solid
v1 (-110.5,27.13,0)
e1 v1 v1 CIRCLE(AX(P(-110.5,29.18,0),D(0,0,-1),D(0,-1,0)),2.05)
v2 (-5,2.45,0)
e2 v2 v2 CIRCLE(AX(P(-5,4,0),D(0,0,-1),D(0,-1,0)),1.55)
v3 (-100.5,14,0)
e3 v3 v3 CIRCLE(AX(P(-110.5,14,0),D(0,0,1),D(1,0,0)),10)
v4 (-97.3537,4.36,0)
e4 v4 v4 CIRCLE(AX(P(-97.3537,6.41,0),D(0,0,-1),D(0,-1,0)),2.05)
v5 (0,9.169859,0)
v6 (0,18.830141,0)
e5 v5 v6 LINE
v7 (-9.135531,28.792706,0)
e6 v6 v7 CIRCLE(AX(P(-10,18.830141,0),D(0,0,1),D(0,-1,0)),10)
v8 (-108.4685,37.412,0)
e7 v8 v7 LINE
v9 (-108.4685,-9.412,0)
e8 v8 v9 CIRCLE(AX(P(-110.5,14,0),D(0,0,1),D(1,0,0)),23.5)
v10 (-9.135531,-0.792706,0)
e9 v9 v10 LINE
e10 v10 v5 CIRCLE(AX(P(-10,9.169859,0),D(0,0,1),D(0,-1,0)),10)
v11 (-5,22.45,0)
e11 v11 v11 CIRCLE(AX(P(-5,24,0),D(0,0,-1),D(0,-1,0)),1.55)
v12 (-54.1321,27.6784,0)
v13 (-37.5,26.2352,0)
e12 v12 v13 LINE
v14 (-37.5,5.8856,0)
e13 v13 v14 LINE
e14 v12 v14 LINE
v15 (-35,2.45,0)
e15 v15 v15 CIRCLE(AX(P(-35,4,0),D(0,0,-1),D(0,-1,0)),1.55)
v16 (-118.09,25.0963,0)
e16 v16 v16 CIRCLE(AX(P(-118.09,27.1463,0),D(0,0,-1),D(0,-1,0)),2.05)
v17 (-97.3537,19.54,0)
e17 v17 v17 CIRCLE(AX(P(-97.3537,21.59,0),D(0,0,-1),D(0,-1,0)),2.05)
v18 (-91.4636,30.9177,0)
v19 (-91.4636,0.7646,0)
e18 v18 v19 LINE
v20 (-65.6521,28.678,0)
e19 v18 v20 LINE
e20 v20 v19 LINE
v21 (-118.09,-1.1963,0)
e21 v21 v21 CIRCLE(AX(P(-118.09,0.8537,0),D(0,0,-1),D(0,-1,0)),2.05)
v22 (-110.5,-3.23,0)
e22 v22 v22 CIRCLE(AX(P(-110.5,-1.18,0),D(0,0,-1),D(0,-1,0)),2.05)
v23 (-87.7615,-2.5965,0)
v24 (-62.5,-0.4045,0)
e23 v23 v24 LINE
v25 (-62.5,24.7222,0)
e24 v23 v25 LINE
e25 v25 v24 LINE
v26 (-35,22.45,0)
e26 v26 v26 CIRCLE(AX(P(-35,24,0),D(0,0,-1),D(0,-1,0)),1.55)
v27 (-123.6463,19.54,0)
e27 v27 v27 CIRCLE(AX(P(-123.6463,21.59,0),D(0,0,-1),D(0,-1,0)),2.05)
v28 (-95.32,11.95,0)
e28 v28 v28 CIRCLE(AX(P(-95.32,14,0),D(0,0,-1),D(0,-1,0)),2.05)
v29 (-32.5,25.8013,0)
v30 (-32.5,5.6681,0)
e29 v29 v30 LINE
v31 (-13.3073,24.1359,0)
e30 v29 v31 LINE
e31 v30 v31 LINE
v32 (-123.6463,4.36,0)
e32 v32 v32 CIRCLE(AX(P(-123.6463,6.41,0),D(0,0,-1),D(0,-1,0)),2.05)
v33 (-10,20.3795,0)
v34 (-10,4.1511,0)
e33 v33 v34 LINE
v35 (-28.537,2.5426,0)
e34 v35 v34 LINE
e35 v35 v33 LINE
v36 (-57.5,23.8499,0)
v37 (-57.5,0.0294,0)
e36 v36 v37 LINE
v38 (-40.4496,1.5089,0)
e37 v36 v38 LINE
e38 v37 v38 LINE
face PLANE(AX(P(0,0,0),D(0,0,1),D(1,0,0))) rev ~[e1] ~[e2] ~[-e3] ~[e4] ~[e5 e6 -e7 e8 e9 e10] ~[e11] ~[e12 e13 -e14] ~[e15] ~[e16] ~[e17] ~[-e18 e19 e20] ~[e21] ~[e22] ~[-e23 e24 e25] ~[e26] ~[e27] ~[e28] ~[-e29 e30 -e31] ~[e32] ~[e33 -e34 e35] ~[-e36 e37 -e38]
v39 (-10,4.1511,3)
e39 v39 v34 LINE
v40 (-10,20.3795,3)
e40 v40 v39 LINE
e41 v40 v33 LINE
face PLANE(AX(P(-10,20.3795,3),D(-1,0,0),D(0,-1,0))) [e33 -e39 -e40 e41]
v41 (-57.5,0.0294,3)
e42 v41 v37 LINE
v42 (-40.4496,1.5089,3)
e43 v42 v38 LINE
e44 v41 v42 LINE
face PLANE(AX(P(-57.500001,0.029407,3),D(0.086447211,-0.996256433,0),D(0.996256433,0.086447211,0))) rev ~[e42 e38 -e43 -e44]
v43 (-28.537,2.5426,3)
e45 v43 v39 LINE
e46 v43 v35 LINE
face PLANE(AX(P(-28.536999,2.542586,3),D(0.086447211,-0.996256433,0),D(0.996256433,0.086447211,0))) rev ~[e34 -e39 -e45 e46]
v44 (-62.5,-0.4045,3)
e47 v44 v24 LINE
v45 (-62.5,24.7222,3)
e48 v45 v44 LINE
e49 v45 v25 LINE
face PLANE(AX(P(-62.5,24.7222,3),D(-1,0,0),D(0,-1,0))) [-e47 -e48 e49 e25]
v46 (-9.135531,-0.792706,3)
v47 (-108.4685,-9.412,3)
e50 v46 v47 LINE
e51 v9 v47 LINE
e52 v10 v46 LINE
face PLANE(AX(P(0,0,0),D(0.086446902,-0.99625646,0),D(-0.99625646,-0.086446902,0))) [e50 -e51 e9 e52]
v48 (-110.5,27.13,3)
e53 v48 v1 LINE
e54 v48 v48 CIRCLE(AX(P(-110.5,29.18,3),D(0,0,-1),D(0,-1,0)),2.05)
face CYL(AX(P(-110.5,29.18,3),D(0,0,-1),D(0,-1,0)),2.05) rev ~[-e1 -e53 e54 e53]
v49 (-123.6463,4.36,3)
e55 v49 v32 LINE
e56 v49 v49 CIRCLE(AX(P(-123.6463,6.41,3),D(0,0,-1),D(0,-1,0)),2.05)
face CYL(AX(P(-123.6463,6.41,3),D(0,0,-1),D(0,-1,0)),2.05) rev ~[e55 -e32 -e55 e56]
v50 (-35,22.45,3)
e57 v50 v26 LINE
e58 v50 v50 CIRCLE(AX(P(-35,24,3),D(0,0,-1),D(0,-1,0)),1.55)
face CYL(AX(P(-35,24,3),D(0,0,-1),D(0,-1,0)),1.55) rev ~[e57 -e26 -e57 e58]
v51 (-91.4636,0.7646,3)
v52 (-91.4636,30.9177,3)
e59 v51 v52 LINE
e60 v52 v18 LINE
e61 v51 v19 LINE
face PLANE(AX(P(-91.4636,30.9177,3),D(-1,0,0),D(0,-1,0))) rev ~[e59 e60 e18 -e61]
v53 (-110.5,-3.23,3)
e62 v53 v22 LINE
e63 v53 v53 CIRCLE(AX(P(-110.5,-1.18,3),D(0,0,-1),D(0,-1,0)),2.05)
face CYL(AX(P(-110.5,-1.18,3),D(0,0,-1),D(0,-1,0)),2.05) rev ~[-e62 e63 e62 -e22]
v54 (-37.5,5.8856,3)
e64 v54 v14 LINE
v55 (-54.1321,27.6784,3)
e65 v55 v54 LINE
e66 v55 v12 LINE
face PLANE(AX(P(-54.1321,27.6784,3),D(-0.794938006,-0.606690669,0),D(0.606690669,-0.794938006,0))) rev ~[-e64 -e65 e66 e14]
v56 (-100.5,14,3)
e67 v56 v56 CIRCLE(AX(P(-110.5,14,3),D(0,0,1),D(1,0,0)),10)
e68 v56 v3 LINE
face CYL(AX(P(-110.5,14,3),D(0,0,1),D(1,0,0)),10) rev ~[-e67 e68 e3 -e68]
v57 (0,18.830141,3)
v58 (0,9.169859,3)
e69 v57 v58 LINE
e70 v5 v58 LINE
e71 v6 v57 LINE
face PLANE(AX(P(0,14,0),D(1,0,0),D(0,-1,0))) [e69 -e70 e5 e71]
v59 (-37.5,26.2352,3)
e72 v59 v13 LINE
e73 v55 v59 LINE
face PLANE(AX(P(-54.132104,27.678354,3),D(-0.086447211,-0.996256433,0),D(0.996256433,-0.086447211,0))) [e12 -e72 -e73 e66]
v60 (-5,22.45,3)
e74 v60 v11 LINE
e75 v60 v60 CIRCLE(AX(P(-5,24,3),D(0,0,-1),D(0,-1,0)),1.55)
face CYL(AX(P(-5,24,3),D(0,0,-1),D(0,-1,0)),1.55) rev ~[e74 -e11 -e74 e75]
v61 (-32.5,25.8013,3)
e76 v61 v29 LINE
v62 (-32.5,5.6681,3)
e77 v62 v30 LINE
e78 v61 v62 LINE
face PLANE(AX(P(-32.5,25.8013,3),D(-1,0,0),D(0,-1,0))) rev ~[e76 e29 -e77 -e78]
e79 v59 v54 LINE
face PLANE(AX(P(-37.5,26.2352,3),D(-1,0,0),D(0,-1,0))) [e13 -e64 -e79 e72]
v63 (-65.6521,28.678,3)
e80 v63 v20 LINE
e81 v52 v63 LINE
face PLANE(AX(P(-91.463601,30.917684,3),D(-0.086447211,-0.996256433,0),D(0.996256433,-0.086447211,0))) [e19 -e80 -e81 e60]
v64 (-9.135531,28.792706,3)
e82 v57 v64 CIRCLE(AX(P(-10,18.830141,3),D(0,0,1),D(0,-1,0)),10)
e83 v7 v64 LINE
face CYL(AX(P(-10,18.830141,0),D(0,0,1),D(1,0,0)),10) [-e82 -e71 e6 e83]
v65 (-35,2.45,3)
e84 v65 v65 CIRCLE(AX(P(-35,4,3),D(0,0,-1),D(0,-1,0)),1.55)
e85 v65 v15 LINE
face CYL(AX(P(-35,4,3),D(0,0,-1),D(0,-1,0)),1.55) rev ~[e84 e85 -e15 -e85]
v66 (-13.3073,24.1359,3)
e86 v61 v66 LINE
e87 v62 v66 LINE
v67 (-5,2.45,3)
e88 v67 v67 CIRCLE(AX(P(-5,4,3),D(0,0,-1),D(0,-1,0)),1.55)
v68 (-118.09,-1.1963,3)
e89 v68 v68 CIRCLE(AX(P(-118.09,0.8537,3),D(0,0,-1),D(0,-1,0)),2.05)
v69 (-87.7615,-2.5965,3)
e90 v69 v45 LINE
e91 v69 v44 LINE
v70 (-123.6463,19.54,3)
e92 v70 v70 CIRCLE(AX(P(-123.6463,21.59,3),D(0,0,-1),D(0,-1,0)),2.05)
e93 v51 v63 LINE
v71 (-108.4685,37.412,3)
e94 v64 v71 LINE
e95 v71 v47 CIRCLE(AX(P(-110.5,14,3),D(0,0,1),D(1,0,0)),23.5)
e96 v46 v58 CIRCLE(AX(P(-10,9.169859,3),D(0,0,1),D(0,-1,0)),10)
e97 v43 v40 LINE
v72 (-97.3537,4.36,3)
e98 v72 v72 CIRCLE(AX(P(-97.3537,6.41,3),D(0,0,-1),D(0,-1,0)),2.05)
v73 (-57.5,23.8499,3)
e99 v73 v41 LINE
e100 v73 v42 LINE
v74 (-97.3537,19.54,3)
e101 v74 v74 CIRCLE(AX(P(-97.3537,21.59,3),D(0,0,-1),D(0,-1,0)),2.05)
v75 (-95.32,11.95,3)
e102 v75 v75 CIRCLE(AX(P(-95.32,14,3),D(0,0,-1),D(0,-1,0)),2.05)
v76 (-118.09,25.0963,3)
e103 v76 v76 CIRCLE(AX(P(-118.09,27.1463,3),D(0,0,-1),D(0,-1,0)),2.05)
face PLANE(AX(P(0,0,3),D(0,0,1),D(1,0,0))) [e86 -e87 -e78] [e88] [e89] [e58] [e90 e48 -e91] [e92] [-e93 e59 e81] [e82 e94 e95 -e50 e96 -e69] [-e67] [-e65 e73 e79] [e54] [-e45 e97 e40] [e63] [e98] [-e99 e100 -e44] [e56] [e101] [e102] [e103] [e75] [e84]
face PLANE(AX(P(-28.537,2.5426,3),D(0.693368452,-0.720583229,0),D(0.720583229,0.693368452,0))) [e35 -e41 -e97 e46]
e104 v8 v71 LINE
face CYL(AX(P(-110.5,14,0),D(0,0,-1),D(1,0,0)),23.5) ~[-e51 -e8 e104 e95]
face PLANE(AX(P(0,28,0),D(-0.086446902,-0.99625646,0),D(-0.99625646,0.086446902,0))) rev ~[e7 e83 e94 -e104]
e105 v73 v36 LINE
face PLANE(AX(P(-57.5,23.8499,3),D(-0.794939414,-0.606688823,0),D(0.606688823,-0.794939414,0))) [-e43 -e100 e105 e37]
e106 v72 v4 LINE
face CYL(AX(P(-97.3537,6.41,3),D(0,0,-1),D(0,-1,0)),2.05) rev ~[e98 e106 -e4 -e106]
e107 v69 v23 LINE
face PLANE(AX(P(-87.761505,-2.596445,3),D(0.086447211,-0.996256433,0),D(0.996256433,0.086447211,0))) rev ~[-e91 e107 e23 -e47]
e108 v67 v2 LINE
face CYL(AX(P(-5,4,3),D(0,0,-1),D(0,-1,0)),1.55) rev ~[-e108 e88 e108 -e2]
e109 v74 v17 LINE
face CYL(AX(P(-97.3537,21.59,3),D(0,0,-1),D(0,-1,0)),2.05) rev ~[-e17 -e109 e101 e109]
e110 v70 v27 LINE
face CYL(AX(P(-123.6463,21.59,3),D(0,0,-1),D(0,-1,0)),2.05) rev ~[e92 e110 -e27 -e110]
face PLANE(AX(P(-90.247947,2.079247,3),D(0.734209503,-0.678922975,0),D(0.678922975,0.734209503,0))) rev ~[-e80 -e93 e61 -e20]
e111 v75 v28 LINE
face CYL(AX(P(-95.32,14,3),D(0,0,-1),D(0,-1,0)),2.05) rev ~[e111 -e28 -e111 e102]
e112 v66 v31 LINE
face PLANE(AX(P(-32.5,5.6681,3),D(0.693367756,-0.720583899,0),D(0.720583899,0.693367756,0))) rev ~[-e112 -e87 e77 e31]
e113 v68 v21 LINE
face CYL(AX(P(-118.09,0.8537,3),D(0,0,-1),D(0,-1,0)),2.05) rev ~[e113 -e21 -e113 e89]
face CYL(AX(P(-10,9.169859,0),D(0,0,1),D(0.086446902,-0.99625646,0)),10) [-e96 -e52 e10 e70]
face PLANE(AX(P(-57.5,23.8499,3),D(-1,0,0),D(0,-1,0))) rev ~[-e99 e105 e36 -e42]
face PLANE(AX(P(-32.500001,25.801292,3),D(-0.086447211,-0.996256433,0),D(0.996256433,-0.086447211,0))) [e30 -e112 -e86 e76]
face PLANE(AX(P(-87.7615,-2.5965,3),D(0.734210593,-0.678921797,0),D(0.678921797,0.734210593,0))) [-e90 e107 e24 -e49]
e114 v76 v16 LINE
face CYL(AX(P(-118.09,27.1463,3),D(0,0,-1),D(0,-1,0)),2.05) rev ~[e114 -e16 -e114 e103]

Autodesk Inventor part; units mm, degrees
ref_plane "YZ Plane" through (0, 0, 0) normal (1, 0, 0) x (0, 1, 0)
ref_plane "XZ Plane" through (0, 0, 0) normal (0, 1, 0) x (-1, 0, 0)
ref_plane "XY Plane" through (0, 0, 0) normal (0, 0, 1) x (1, 0, 0)
sketch "スケッチ1" plane through (0, 0, 0) normal (0, 0, 1) x (1, 0, 0)
  line L0 (0, 0) -> (-57.5, 0)
  line L1 (-57.5, 0) -> (-57.5, 28)
  line L2 (-57.5, 28) -> (0, 28)
  line L3 (0, 28) -> (0, 0)
  line L4 (0, 14) -> (-110.5, 14)
  circle A0 centre (-110.5, 14) radius 53
  circle A1 centre (-110.5, 14) radius 23.5
  line L5 (0, 28) -> (-108.4685, 37.412)
  line L6 (0, 0) -> (-108.4685, -9.412)
  point P0 (-108.4685, -9.412)
  dimension "d3" = 47
  dimension "d0" = 28
  dimension "d1" = 57.5
  dimension "d2" = 106
extrude "押し出し1" add sketch "スケッチ1" along normal blind 3 contours L6 A0 L1 L0 | L0 L1 L4 L3 | L4 L1 L2 L3 | L6 A1 L4 A0 | A0 L5 L2 L1 | L4 A1 L5 A0 | A1
sketch "スケッチ2" plane through (0, 0, 3) normal (0, 0, 1) x (1, 0, 0)
  line L0 (0, 28) -> (-108.4685, 37.412) projected
  line L1 (0, 28) -> (-47.5, 28)
  line L2 (-47.5, 28) -> (-47.5, 0)
  line L3 (-47.5, 0) -> (0, 0)
  line L4 (0, 0) -> (0, 28)
  line L5 (-5, 28) -> (-5, 0)
  line L6 (-35, 28) -> (-35, 0)
  line L7 (0, 14) -> (-47.5, 14)
  point P0 (-35, 24)
  point P1 (-5, 24)
  point P2 (-35, 4)
  point P3 (-5, 4)
  dimension "d6" = 28
  dimension "d7" = 47.5
  dimension "d8" = 5
  dimension "d9" = 30
  dimension "d10" = 10
  dimension "d11" = 10
hole "穴1" at (-35, 24, 3) at (-5, 24, 3) at (-35, 4, 3) at (-5, 4, 3) direction (0, 0, -1) diameter 3.1 end through all
sketch "スケッチ3" plane through (0, 0, 3) normal (0, 0, 1) x (1, 0, 0)
  arc A0 (-108.4685, 37.412) -> (-108.4685, -9.412) centre (-110.5, 14) ccw projected
  circle A1 centre (-110.5, 14) radius 15.18
  circle A2 centre (-110.5, 14) radius 6
  line L0 (-110.5, 14) -> (-118.09, 27.1463)
  line L1 (-123.6463, 21.59) -> (-110.5, 14)
  line L2 (-110.5, 14) -> (-102.91, 27.1463)
  line L3 (-110.5, 14) -> (-110.5, 29.18)
  point P0 (0, 0)
  point P1 (-123.6463, 6.41)
  point P2 (-110.5, -1.18)
  point P3 (-97.3537, 6.41)
  point P4 (-97.3537, 21.59)
  point P5 (-110.5, 29.18)
  point P6 (-118.09, 0.8537)
  point P7 (-95.32, 14)
  dimension "d19" = 30.36
  dimension "d22" = 360
  dimension "d24" = 12
  dimension "d28" = 360
  dimension "d59" = 30
  dimension "d61" = 30
hole "穴2" at (-123.6463, 21.59, 3) at (-123.6463, 6.41, 3) at (-110.5, -1.18, 3) at (-97.3537, 6.41, 3) at (-97.3537, 21.59, 3) at (-110.5, 29.18, 3) at (-118.09, 27.1463, 3) at (-118.09, 0.8537, 3) at (-95.32, 14, 3) direction (0, 0, -1) diameter 4.1 end through all
sketch "スケッチ4" plane through (0, 0, 3) normal (0, 0, 1) x (1, 0, 0)
  arc A0 (-108.4685, 37.412) -> (-108.4685, -9.412) centre (-110.5, 14) ccw projected
  circle A1 centre (-110.5, 14) radius 10
  circle A2 centre (-110.5, 14) radius 23.5
  line L0 (-94.4636, -3.178) -> (0, 5.0188)
  line L1 (0, 0) -> (0, 28) projected
  line L2 (-108.4685, -9.412) -> (0, 0) projected
  line L3 (-94.4636, 31.178) -> (0, 22.9812)
  line L4 (0, 28) -> (-108.4685, 37.412) projected
  line L5 (-10, 23.8489) -> (-10, 4.1511)
  line L6 (-37.5, 26.2352) -> (-37.5, 1.7648)
  circle A3 centre (-35, 4) radius 1.55 projected
  line L7 (-32.5, 25.8013) -> (-32.5, 2.1987)
  circle A4 centre (-35, 24) radius 1.55 projected
  line L8 (-10, 23.8489) -> (-32.5, 2.1987)
  line L9 (-32.5, 5.6681) -> (-13.3073, 24.1359)
  line L10 (-28.537, 2.5426) -> (-10, 20.3795)
  line L11 (-62.5, 28.4045) -> (-62.5, -0.4045)
  line L12 (-57.5, 27.9706) -> (-57.5, 0.0294)
  line L13 (-57.5, 27.9706) -> (-37.5, 1.7648)
  line L14 (-57.5, 23.8499) -> (-40.4496, 1.5089)
  line L15 (-54.1321, 27.6784) -> (-37.5, 5.8856)
  line L16 (-94.4636, 31.178) -> (-94.4636, -3.178)
  line L17 (-91.4636, 30.9177) -> (-91.4636, -2.9177)
  line L18 (-62.5, 28.4045) -> (-91.4636, -2.9177)
  line L19 (-91.4636, 0.7646) -> (-65.6521, 28.678)
  line L20 (-87.7615, -2.5965) -> (-62.5, 24.7222)
  dimension "d37" = 20
  dimension "d38" = 5
  dimension "d39" = 5
  dimension "d40" = 10
  dimension "d41" = 2.5
  dimension "d42" = 2.5
  dimension "d43" = 2.5
  dimension "d44" = 2.5
  dimension "d45" = 5
  dimension "d46" = 20
  dimension "d47" = 2.5
  dimension "d48" = 2.5
  dimension "d49" = 3
  dimension "d50" = 2.5
  dimension "d51" = 2.5
extrude "押し出し2" cut sketch "スケッチ4" against normal blind 3 contours L17 L3 L19 A2 | A2 L19 L17 | L20 L11 L0 | L0 L10 L5 | L9 L7 L3 | L12 L14 L0 | L3 L6 L15 picked at (-90.6492, 17.3589)
fillet "フィレット1" radius 10 2 edges at (0, 28, 1.5) (0, 0, 1.5)
sketch "スケッチ5" plane through (0, 0, 3) normal (0, 0, 1) x (1, 0, 0)
  arc A0 (-108.4685, 37.412) -> (-108.4685, -9.412) centre (-110.5, 14) ccw projected
  circle A1 centre (-110.5, 14) radius 10
  point P0 (0, 0)
  dimension "d55" = 20
extrude "押し出し3" cut sketch "スケッチ5" against normal blind 3
properties part number "link1plate4" material "アルミニウム 6061"
